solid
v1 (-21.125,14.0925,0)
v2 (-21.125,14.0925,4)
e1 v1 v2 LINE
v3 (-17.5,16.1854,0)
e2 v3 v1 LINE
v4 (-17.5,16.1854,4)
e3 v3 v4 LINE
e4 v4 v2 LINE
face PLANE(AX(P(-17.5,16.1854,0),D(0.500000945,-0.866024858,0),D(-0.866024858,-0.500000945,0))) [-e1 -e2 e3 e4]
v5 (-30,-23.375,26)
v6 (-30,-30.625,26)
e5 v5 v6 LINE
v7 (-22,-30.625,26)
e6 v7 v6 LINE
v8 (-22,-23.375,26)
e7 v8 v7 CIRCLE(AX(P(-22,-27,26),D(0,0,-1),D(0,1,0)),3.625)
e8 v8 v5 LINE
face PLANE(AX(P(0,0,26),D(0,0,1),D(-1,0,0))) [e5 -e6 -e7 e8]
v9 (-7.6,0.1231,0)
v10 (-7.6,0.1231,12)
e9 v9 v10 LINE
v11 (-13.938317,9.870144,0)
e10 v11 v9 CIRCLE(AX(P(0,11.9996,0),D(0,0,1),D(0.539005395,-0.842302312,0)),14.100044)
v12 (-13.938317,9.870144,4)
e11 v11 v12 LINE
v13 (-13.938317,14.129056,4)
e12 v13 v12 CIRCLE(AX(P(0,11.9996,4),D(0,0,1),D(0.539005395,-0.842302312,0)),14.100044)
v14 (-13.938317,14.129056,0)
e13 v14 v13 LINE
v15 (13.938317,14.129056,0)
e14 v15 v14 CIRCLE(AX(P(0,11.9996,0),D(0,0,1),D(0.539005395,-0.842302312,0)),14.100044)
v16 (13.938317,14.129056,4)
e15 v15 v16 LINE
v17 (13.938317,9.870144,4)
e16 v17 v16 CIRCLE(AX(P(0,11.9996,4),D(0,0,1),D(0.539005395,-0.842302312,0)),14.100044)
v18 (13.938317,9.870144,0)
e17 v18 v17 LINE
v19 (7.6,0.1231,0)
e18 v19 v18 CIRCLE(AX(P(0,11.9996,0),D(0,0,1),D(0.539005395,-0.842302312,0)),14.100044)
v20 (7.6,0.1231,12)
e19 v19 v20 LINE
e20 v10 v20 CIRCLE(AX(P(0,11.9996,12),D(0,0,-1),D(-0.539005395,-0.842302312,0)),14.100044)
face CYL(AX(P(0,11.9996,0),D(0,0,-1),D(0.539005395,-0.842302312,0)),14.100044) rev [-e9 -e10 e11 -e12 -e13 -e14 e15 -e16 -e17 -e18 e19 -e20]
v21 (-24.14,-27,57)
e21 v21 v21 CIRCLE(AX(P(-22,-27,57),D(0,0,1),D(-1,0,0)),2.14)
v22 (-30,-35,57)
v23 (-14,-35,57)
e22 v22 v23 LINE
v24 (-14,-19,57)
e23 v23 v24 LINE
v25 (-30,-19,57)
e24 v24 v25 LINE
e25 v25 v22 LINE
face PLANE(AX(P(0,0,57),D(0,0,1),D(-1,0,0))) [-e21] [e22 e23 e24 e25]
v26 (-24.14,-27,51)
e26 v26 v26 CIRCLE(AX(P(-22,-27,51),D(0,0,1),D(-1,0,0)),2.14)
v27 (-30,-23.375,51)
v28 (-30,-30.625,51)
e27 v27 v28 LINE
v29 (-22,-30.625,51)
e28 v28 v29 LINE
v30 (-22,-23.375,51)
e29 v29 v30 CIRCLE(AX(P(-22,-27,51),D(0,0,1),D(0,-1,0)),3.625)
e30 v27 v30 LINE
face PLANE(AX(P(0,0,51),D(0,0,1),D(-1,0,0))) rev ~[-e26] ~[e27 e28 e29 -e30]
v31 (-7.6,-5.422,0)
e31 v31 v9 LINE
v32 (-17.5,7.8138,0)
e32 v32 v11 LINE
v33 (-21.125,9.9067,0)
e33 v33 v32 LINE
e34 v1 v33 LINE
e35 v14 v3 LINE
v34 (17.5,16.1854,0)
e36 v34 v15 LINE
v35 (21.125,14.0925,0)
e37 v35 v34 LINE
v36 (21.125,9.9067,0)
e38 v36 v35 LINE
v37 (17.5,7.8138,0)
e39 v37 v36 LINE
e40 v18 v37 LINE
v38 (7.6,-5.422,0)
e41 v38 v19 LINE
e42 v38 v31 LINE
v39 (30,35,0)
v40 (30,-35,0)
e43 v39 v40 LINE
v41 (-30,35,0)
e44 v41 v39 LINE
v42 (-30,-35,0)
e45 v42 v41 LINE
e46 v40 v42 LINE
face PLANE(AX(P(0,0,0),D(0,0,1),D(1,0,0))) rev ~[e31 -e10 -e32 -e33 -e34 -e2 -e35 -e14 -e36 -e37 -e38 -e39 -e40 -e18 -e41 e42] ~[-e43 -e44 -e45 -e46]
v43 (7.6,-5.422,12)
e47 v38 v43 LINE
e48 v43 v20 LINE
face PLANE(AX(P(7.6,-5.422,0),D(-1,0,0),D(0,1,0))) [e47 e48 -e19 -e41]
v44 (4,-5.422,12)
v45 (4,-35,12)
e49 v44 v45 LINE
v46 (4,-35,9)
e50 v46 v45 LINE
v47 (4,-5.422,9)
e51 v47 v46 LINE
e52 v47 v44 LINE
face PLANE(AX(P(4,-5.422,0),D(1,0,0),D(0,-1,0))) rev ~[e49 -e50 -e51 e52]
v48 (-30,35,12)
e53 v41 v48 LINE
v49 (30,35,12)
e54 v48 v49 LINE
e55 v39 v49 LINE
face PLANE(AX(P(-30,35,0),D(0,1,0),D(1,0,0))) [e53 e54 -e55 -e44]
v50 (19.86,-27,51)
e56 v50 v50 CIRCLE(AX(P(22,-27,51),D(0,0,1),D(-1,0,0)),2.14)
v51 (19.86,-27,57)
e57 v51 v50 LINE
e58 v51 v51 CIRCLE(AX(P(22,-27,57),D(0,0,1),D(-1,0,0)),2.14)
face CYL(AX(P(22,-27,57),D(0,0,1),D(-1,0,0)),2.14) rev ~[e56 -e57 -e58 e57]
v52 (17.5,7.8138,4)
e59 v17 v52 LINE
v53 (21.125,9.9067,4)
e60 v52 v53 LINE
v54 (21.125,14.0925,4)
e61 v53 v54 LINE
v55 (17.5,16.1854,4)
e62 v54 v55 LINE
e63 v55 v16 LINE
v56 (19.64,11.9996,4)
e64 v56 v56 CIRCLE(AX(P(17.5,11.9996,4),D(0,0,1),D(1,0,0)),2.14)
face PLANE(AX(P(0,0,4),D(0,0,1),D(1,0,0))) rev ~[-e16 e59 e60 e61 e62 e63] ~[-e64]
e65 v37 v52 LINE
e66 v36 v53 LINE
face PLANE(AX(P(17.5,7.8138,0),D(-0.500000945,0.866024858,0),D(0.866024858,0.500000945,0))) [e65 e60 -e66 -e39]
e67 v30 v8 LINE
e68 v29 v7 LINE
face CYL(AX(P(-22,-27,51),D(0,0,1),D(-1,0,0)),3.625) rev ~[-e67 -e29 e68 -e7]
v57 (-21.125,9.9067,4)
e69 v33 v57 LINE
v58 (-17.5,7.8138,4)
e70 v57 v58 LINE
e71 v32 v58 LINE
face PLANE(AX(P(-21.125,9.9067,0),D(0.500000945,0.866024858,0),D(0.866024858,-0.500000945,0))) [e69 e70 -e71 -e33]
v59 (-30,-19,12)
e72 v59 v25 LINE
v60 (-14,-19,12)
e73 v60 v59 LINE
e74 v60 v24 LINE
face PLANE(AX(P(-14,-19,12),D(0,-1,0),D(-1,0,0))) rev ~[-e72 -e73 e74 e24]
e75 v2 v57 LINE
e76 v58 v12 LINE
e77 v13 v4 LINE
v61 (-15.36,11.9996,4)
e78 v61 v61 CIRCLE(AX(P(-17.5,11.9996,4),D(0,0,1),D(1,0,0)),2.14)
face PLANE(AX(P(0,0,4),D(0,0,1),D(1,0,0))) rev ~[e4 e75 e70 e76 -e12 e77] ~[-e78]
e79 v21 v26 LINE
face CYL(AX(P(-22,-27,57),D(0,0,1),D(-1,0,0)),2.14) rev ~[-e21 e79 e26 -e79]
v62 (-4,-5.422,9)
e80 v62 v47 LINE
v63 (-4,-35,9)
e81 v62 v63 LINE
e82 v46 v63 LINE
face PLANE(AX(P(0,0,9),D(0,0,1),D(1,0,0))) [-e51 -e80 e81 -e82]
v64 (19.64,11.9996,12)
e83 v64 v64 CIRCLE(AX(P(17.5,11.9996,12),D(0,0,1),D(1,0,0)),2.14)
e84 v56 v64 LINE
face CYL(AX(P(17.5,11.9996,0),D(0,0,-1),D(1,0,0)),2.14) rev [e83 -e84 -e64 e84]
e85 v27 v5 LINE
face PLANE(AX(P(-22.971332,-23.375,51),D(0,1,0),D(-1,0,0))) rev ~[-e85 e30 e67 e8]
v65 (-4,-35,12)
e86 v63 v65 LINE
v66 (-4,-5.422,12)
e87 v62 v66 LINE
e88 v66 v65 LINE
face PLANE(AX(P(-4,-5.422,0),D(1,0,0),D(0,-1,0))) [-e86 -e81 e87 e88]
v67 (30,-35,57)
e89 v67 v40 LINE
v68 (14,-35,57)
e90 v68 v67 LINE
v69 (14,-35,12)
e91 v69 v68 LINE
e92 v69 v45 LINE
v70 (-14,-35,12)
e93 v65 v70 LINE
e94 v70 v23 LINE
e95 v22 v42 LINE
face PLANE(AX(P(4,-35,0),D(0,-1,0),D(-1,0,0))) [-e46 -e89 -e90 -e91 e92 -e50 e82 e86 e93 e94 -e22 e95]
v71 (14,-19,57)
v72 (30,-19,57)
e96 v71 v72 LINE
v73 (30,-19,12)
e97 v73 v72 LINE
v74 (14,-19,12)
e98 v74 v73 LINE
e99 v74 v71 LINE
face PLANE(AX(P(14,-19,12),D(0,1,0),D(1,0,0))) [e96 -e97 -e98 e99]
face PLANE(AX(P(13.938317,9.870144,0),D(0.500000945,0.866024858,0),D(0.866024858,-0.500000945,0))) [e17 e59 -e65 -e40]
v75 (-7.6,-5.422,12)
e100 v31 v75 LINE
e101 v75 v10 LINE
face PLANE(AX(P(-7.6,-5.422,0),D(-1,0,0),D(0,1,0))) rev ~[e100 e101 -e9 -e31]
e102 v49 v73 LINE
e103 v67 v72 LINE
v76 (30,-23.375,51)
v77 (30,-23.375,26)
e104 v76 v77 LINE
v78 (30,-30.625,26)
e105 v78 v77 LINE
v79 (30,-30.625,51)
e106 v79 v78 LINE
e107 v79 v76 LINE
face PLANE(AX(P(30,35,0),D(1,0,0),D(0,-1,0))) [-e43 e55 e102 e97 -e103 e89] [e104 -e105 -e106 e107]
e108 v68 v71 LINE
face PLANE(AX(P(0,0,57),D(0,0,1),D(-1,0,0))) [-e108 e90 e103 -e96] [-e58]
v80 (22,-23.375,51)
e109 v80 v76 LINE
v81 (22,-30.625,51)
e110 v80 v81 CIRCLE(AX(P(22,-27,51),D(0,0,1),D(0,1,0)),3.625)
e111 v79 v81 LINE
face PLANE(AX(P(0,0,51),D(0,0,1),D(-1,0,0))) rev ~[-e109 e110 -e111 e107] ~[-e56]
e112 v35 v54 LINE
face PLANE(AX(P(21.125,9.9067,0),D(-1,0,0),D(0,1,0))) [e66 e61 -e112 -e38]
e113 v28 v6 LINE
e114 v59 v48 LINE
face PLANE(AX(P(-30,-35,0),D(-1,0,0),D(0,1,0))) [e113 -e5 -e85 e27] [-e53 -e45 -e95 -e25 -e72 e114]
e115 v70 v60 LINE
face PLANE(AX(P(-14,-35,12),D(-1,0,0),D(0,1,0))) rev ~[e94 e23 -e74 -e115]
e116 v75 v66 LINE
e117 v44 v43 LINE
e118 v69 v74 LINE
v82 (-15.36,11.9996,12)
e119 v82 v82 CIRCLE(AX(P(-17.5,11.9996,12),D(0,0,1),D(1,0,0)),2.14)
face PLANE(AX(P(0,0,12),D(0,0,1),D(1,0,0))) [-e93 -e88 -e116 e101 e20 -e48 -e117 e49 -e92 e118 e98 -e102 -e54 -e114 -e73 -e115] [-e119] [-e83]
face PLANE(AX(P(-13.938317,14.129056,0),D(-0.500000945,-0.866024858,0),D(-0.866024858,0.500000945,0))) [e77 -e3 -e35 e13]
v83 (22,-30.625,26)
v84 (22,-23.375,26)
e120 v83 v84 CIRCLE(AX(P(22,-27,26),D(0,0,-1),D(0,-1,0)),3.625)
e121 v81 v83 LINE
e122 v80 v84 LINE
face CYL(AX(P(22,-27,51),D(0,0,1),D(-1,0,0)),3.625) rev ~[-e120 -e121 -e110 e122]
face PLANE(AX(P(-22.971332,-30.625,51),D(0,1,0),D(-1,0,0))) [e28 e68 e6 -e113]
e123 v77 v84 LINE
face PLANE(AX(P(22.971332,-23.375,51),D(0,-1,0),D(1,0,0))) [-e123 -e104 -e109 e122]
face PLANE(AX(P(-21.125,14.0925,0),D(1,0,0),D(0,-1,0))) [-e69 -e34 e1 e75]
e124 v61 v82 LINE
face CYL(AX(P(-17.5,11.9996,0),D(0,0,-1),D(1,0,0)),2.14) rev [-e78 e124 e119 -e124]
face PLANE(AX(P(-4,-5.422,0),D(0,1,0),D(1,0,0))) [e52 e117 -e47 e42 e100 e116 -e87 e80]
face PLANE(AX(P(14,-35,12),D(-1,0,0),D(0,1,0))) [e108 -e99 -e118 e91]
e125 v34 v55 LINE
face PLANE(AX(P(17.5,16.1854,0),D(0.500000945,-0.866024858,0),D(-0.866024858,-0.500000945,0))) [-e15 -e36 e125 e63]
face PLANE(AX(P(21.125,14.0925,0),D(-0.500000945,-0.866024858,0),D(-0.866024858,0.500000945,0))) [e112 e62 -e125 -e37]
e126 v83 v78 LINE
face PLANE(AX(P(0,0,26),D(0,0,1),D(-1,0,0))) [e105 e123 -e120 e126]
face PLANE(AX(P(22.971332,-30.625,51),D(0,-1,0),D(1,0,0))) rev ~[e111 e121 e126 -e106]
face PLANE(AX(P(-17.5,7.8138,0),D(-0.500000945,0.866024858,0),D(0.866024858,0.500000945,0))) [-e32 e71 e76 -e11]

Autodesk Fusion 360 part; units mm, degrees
sketch "01 - PRIMARY SUPPORT MECHANISM ( RIGHT SIDE ) SKETCH" plane through (0, 0, 0) normal (0, 0, 1) x (1, 0, 0)
  line L0 (-30, 35) -> (30, 35)
  line L1 (30, 35) -> (30, -35)
  line L2 (30, -35) -> (-30, -35)
  line L3 (-30, -35) -> (-30, 35)
  line L4 (-30, -19) -> (30, -19) construction
  line L5 (0, -35) -> (0, -5.422) construction
  line L6 (7.6, -5.422) -> (7.6, 0.1231)
  arc A0 (7.6, 0.1231) -> (-7.6, 0.1231) centre (0, 11.9996) ccw
  line L7 (-7.6, -5.422) -> (7.6, -5.422)
  line L8 (-7.6, -5.422) -> (-7.6, 0.1231)
  line L9 (4, -5.422) -> (4, -35)
  line L10 (-4, -5.422) -> (-4, -35)
  line L11 (-17.5, 11.9996) -> (17.5, 11.9996) construction
  circle A1 centre (17.5, 11.9996) radius 2.14
  line L12 (21.125, 14.0925) -> (17.5, 16.1854)
  line L13 (17.5, 16.1854) -> (13.875, 14.0925)
  line L14 (13.875, 14.0925) -> (13.875, 9.9067)
  line L15 (13.875, 9.9067) -> (17.5, 7.8138)
  line L16 (17.5, 7.8138) -> (21.125, 9.9067)
  line L17 (21.125, 9.9067) -> (21.125, 14.0925)
  line L18 (17.5, 11.9996) -> (17.5, 14.1396) construction
  circle A2 centre (-17.5, 11.9996) radius 2.14
  line L19 (-13.875, 9.9067) -> (-13.875, 14.0925)
  line L20 (-13.875, 14.0925) -> (-17.5, 16.1854)
  line L21 (-17.5, 16.1854) -> (-21.125, 14.0925)
  line L22 (-21.125, 14.0925) -> (-21.125, 9.9067)
  line L23 (-21.125, 9.9067) -> (-17.5, 7.8138)
  line L24 (-17.5, 7.8138) -> (-13.875, 9.9067)
  line L25 (-17.5, 11.9996) -> (-17.5, 14.1396) construction
  point P0 (17.5, 11.9996)
  point P1 (-17.5, 11.9996)
  dimension "d1" = 60
  dimension "d2" = 70
  dimension "d3" = 30
  dimension "d4" = 35
  dimension "d5" = 16
  dimension "d12" = 29.578
  dimension "d14" = 15.2
  dimension "d15" = 5.5451
  dimension "d16" = 14.1
  dimension "d21" = 17.4216
  dimension "d24" = 8
  dimension "d25" = 4
  dimension "d55" = 35
  dimension "d56" = 4.28
  dimension "d57" = 3.625
  dimension "d58" = 4.28
  dimension "d59" = 3.625
extrude "Extrude2" add sketch "01 - PRIMARY SUPPORT MECHANISM ( RIGHT SIDE ) SKETCH" along normal blind 12 contours L0 L1 L2 L3 L6 A0 L7 L8 L9 L10 L12 L13 L15 L16 L17 L20 L21 L22 L23 L24 | A0 L20 L21 L22 L23 L24 | A0 L12 L13 L15 L16 L17 | A1 | A2
extrude "Extrude3" add sketch "01 - PRIMARY SUPPORT MECHANISM ( RIGHT SIDE ) SKETCH" along normal blind 9 contours L2 L7 L9 L10
sketch "02 - PRIMARY SUPPORT MECHANISM ( RIGHT SIDE ) SKETCH" plane through (0, 0, 12) normal (0, 0, 1) x (-1, 0, 0)
  line L0 (7.6, 5.422) -> (7.6, -0.1231)
  arc A0 (-7.6, -0.1231) -> (7.6, -0.1231) centre (0, -11.9996) ccw
  line L1 (-7.6, -0.1231) -> (-7.6, 5.422)
  line L2 (-7.6, 5.422) -> (-4, 5.422)
  line L3 (-4, 5.422) -> (-4, 35)
  line L4 (-4, 35) -> (-30, 35)
  line L5 (-30, 35) -> (-30, -35)
  line L6 (-30, -35) -> (30, -35)
  line L7 (30, -35) -> (30, 35)
  line L8 (30, 35) -> (4, 35)
  line L9 (4, 35) -> (4, 5.422)
  line L10 (4, 5.422) -> (7.6, 5.422)
  line L11 (30, 35) -> (14, 35)
  line L12 (14, 35) -> (14, 19)
  line L13 (14, 19) -> (30, 19)
  line L14 (30, 19) -> (30, 35)
  line L15 (-30, 35) -> (-14, 35)
  line L16 (-14, 35) -> (-14, 19)
  line L17 (-14, 19) -> (-30, 19)
  line L18 (-30, 19) -> (-30, 35)
  dimension "d30" = 16
  dimension "d31" = 16
  dimension "d32" = 16
  dimension "d33" = 16
extrude "Extrude4" add sketch "02 - PRIMARY SUPPORT MECHANISM ( RIGHT SIDE ) SKETCH" along normal blind 45 contours L7 L8 L11 L12 L13 L14 | L4 L5 L15 L16 L17 L18
sketch "03 - PRIMARY SUPPORT MECHANISM ( RIGHT SIDE ) SKETCH" plane through (0, 0, 57) normal (0, 0, 1) x (-1, 0, 0)
  line L0 (-30, 19) -> (-14, 19)
  line L1 (-14, 19) -> (-14, 35)
  line L2 (-14, 35) -> (-30, 35)
  line L3 (-30, 35) -> (-30, 19)
  line L4 (-14, 27) -> (-30, 27) construction
  line L5 (-22, 19) -> (-22, 35) construction
  line L6 (-25.625, 24.9071) -> (-22, 22.8142)
  line L7 (-22, 22.8142) -> (-18.375, 24.9071)
  line L8 (-18.375, 24.9071) -> (-18.375, 29.0929)
  line L9 (-18.375, 29.0929) -> (-22, 31.1858)
  line L10 (-22, 31.1858) -> (-25.625, 29.0929)
  line L11 (-25.625, 29.0929) -> (-25.625, 24.9071)
  line L12 (-22, 22.8142) -> (-30, 22.8142)
  line L13 (-22, 31.1858) -> (-30, 31.1858)
  line L14 (-30, 31.1858) -> (-30, 22.8142)
  circle A0 centre (-22, 27) radius 3.625
  line L15 (-22, 23.375) -> (-22, 22.8142)
  line L16 (-22, 31.1858) -> (-22, 30.625)
  line L17 (-22, 23.375) -> (-30, 23.375)
  line L18 (-22, 30.625) -> (-30, 30.625)
  circle A1 centre (-22, 27) radius 2.14
  point P0 (-22, 27)
  dimension "d36" = 3.625
  dimension "d42" = 4.28
extrude "Extrude5" cut sketch "03 - PRIMARY SUPPORT MECHANISM ( RIGHT SIDE ) SKETCH" against normal blind 25 from surface at -6 contours L3 L6 L10 L11 L14 L17 L18 | L6 A0 L17 | A0 | L10 A0 L18 | L6 L11 A0 | L10 L11 A0 | A1
extrude "Extrude7" cut sketch "03 - PRIMARY SUPPORT MECHANISM ( RIGHT SIDE ) SKETCH" against normal blind 6 contours A1
sketch "04 - PRIMARY SUPPORT MECHANISM ( RIGHT SIDE ) SKETCH" plane through (0, 0, 57) normal (0, 0, 1) x (-1, 0, 0)
  line L0 (30, 19) -> (30, 35)
  line L1 (30, 35) -> (14, 35)
  line L2 (14, 35) -> (14, 19)
  line L3 (14, 19) -> (30, 19)
  line L4 (30, 27) -> (14, 27) construction
  line L5 (22, 35) -> (22, 19) construction
  line L6 (18.375, 24.9071) -> (22, 22.8142)
  line L7 (22, 22.8142) -> (25.625, 24.9071)
  line L8 (25.625, 24.9071) -> (25.625, 29.0929)
  line L9 (25.625, 29.0929) -> (22, 31.1858)
  line L10 (22, 31.1858) -> (18.375, 29.0929)
  line L11 (18.375, 29.0929) -> (18.375, 24.9071)
  circle A0 centre (22, 27) radius 3.625
  circle A1 centre (22, 27) radius 2.14
  line L12 (22, 22.8142) -> (30, 22.8142)
  line L13 (22, 31.1858) -> (30, 31.1858)
  line L14 (30, 31.1858) -> (30, 22.8142)
  line L15 (22, 23.375) -> (30, 23.375)
  line L16 (22, 30.625) -> (30, 30.625)
  point P0 (22, 27)
  dimension "d45" = 3.625
  dimension "d46" = 4.28
extrude "Extrude9" cut sketch "04 - PRIMARY SUPPORT MECHANISM ( RIGHT SIDE ) SKETCH" against normal blind 25 from surface at -6 contours L0 L7 L8 L9 L14 L15 L16 | L7 A0 L15 | A0 | L9 A0 L16 | L7 L8 A0 | L8 L9 A0 | A1
extrude "Extrude10" cut sketch "04 - PRIMARY SUPPORT MECHANISM ( RIGHT SIDE ) SKETCH" against normal blind 6 contours A1
extrude "Extrude11" cut sketch "01 - PRIMARY SUPPORT MECHANISM ( RIGHT SIDE ) SKETCH" along normal blind 12 contours A1 | A2
extrude "Extrude12" cut sketch "01 - PRIMARY SUPPORT MECHANISM ( RIGHT SIDE ) SKETCH" along normal blind 4 contours A0 L20 L21 L22 L23 L24 | A0 L12 L13 L15 L16 L17
